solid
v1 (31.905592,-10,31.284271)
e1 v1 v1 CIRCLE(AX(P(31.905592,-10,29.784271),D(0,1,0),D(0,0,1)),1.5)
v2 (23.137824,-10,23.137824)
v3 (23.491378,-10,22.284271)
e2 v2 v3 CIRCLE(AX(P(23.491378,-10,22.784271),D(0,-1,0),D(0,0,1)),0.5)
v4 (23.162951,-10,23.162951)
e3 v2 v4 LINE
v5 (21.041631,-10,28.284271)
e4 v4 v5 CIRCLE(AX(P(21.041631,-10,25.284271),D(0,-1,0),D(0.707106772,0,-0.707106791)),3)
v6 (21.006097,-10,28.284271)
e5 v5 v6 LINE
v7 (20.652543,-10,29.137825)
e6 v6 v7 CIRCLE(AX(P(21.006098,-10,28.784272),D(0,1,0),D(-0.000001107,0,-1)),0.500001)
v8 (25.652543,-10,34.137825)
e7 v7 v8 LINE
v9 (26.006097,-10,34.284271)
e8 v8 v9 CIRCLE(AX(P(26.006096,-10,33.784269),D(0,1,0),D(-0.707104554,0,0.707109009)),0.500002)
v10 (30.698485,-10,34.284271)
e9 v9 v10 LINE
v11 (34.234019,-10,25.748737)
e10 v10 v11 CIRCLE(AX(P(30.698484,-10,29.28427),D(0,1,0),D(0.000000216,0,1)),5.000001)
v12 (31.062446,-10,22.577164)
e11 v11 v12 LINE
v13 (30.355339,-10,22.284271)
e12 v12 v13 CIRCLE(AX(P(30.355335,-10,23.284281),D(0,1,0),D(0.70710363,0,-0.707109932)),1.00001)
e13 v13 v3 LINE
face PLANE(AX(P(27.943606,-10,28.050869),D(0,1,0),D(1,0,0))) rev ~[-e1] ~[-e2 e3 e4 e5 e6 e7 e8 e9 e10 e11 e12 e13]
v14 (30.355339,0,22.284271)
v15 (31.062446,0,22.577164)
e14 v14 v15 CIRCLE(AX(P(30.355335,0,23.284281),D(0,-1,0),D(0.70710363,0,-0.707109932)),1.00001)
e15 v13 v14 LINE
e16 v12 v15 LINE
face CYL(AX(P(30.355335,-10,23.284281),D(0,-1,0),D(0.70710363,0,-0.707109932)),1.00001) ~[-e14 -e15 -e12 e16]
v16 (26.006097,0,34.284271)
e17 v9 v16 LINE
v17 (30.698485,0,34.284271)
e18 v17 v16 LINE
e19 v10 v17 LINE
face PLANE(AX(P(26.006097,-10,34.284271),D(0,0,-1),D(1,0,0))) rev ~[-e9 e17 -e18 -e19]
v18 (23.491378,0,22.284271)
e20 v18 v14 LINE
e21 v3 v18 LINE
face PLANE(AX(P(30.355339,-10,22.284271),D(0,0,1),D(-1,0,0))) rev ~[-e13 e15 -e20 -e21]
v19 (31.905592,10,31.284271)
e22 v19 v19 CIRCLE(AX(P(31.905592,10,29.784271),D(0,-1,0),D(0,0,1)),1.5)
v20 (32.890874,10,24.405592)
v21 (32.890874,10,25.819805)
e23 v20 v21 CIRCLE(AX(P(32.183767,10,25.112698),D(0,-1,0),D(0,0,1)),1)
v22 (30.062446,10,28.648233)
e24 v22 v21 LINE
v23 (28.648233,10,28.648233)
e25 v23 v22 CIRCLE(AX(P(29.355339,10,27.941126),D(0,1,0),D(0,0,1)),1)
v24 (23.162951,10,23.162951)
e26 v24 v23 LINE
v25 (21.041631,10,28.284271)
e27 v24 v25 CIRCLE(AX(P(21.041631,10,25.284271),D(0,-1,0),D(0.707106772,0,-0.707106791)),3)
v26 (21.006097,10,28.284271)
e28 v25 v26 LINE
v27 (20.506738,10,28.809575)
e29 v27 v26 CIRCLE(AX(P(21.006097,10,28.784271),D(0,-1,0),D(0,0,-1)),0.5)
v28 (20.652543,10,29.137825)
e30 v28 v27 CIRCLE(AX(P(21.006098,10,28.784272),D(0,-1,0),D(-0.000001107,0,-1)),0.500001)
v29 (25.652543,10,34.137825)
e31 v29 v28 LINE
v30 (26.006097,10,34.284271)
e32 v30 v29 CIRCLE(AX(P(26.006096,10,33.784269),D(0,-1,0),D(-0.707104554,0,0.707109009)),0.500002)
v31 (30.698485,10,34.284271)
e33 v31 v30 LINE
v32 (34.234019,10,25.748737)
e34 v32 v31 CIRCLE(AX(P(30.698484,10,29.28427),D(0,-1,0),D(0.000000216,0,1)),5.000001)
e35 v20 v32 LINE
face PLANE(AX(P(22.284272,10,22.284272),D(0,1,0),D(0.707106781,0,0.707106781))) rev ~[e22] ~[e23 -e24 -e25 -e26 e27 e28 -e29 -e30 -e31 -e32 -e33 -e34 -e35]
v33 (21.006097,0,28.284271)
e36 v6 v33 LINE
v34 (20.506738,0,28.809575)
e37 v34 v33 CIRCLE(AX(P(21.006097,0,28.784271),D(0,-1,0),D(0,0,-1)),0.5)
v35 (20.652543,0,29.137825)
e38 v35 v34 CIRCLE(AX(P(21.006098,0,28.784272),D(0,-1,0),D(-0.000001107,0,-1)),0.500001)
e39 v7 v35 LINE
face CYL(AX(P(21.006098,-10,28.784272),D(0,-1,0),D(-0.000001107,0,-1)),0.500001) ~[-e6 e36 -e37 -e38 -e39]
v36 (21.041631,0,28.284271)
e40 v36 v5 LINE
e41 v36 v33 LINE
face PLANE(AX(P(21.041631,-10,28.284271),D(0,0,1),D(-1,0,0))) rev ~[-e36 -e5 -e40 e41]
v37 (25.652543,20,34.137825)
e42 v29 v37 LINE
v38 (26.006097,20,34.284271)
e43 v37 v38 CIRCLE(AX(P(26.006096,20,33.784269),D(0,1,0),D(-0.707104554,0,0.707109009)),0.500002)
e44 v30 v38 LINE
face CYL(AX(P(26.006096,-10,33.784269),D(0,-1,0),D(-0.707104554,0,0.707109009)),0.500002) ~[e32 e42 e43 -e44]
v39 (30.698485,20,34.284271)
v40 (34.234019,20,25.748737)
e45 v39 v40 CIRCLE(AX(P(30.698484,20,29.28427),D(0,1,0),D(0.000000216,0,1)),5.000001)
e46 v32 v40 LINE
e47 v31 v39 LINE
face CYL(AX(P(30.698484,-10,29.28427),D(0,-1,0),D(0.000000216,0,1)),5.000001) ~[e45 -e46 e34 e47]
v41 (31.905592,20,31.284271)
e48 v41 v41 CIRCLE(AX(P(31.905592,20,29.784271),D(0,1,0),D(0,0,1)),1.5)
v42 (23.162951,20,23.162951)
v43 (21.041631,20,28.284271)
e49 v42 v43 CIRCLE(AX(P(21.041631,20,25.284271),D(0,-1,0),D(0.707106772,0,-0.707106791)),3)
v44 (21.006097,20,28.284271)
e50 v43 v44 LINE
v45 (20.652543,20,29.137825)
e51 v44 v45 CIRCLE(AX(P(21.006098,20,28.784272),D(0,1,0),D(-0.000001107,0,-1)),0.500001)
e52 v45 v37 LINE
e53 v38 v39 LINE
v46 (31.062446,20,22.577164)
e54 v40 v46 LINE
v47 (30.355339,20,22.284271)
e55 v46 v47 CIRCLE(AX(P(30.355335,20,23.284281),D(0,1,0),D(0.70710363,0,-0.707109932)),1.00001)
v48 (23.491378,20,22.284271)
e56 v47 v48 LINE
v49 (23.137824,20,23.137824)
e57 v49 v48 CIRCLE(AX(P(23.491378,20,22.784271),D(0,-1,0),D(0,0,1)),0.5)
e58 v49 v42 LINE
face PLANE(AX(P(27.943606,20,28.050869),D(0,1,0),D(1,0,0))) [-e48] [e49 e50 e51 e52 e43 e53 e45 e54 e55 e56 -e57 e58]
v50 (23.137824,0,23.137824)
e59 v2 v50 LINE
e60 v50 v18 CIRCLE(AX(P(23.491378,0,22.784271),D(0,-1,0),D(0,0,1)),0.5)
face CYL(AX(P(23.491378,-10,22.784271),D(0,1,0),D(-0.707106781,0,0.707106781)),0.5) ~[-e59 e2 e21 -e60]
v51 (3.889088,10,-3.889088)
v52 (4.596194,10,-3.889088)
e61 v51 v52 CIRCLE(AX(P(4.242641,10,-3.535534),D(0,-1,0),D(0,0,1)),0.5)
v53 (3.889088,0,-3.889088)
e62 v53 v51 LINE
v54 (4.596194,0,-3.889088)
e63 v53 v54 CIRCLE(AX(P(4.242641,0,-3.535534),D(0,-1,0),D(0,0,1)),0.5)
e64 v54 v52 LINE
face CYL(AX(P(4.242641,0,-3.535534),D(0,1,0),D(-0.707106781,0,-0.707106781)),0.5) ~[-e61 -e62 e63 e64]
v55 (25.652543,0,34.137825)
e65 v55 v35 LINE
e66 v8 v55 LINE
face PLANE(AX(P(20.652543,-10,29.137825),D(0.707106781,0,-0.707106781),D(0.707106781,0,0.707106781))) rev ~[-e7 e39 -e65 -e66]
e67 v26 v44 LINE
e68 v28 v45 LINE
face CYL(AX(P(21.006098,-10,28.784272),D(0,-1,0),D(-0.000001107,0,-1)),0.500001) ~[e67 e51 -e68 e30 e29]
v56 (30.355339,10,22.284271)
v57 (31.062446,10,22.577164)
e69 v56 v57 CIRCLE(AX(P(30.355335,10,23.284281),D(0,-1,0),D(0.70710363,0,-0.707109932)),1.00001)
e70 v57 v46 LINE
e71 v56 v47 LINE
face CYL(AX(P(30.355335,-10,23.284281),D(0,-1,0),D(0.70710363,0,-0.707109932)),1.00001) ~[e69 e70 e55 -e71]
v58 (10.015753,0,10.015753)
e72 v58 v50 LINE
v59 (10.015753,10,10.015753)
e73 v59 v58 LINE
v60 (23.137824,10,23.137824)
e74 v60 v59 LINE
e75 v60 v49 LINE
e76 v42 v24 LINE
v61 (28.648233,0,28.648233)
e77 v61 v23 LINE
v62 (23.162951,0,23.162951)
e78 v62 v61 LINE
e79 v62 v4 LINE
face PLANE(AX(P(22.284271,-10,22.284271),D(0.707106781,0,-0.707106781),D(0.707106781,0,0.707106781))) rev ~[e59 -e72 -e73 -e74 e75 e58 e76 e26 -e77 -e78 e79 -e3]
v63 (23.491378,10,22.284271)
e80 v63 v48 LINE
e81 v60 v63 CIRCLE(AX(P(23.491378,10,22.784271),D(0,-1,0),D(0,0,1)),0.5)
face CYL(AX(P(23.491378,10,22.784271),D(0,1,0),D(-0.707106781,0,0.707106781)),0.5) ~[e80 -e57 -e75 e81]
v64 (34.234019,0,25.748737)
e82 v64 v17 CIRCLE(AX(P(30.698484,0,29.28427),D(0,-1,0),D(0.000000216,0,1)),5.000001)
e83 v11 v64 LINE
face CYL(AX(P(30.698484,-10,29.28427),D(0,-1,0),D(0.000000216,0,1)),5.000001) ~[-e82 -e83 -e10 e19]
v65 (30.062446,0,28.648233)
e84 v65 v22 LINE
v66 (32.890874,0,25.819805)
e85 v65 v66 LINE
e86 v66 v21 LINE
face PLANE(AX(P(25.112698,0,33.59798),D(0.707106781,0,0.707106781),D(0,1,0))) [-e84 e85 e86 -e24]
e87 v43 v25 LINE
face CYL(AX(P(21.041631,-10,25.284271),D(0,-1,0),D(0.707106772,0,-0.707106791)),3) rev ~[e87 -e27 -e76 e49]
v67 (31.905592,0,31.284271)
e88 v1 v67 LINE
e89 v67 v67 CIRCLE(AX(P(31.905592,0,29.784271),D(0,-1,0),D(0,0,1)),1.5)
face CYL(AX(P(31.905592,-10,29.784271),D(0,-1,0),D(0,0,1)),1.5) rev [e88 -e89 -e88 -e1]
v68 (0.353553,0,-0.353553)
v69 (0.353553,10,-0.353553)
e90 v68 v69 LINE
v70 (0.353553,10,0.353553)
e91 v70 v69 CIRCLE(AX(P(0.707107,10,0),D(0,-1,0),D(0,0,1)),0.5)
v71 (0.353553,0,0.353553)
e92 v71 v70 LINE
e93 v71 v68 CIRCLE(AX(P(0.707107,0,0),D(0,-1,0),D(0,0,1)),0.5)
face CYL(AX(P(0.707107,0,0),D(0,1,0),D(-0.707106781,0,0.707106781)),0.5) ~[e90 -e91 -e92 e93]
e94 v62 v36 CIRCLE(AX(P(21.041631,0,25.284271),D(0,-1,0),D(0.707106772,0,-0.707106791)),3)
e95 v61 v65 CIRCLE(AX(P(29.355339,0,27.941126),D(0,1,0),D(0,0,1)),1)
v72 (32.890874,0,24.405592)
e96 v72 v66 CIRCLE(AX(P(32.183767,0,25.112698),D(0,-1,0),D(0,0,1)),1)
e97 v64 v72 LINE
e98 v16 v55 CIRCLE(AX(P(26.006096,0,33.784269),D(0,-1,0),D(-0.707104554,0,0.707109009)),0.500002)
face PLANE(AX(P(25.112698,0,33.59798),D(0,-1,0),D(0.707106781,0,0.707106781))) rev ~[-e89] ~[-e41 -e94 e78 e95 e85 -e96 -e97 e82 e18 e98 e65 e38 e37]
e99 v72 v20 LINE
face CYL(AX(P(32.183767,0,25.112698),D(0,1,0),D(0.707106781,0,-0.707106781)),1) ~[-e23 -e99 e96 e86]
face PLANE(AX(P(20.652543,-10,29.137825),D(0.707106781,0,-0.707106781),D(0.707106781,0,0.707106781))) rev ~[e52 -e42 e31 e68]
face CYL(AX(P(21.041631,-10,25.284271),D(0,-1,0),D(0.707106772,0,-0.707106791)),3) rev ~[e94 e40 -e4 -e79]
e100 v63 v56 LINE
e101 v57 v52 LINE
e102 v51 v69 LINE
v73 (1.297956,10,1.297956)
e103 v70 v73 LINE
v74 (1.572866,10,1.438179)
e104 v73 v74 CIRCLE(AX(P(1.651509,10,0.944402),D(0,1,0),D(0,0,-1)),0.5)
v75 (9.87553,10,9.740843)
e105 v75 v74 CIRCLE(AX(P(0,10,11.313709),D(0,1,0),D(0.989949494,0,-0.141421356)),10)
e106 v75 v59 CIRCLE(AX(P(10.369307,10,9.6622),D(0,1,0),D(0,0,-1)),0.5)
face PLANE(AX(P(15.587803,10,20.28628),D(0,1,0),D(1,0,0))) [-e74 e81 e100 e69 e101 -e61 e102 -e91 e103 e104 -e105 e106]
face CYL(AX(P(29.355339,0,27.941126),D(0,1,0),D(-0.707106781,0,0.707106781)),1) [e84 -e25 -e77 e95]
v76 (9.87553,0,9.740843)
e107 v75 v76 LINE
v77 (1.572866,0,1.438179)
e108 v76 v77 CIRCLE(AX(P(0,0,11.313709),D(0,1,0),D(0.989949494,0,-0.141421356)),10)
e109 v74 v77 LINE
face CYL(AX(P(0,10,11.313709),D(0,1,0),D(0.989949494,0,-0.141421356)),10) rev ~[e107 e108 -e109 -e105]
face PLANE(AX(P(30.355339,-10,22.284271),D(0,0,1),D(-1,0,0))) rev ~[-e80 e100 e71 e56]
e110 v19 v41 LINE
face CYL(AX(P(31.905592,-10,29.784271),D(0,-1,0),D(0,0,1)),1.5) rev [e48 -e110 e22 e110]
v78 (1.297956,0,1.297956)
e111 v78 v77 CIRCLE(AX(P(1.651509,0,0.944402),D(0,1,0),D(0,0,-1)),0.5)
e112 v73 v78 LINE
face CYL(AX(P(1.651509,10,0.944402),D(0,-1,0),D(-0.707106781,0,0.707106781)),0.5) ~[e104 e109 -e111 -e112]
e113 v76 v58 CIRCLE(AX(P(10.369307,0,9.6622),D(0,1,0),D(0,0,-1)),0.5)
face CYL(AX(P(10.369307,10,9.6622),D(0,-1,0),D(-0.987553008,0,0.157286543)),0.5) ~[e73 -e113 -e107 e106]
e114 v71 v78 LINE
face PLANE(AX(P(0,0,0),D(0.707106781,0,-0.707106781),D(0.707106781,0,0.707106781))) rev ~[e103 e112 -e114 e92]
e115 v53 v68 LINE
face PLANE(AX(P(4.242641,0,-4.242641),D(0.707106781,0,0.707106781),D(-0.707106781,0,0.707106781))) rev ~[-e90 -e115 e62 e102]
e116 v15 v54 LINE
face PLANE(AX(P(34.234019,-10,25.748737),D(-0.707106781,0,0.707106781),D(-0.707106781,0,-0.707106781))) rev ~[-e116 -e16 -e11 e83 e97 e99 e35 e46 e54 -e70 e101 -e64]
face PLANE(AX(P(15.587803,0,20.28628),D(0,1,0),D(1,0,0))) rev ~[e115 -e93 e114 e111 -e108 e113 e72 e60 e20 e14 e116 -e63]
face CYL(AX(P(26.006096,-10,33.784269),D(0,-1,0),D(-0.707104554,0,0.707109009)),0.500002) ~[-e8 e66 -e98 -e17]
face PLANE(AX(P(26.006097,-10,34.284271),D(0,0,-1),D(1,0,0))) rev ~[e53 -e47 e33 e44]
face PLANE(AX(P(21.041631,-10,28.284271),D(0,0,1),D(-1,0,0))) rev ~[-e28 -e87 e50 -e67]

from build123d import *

# Parameters (mm, degrees)
SKETCH1_R                = 1.6
BOSS_EXTRUDE1_DEPTH      = 10
CUT_EXTRUDE1_DEPTH       = 51.495476
FILLET1_R                = 0.5
BOSS_EXTRUDE2_DEPTH      = 10
BOSS_EXTRUDE2_DEPTH_BACK = 20
SKETCH3_R                = 1.5
SKETCH4_W                = 10
SKETCH4_H                = 10
CUT_EXTRUDE3_DEPTH       = 54.383453
SKETCH5_W                = 8.66368
SKETCH5_H                = 10
CUT_EXTRUDE5_DEPTH       = 54.831153
FILLET3_R                = 0.5
FILLET4_R                = 1


with BuildPart() as part:
    # Sketch1 → Boss-Extrude1 (new body)
    with BuildSketch(Plane(origin=(0, 0, 0), x_dir=(1, 0, 0), z_dir=(0, 1, 0))):
        with BuildLine():
            Line((0, 0), (23.162951, -23.162951))
            ThreePointArc((23.162951, -23.162951), (23.813269, -26.432322), (21.041631, -28.284271))
            Line((21.041631, -28.284271), (0, -28.284271))
            Line((0, -28.284271), (0, -34.284271))
            Line((0, -34.284271), (30.698485, -34.284271))
            ThreePointArc((30.698485, -34.284271), (35.317882, -31.197688), (34.234019, -25.748737))
            Line((34.234019, -25.748737), (4.242641, 4.242641))
            Line((4.242641, 4.242641), (0, 0))
        make_face()
        with Locations(Location((31.905592, -29.784271, 0), (0, 0, 270))):
            Circle(SKETCH1_R, mode=Mode.SUBTRACT)
    extrude(amount=BOSS_EXTRUDE1_DEPTH)

    # Sketch2 → Cut-Extrude1 (cut, through all)
    with BuildSketch(Plane(origin=(0, 10, 0), x_dir=(1, 0, 0), z_dir=(0, 1, 0))):
        with BuildLine():
            Line((1.414214, -1.414214), (9.899495, -9.899495))
            ThreePointArc((9.899495, -9.899495), (7.071068, -4.242641), (1.414214, -1.414214))
        make_face()
        Polygon((0, -28.284271), (0, -34.284271), (25.79899, -34.284271), (19.79899, -28.284271), align=None)
    extrude(amount=-CUT_EXTRUDE1_DEPTH, mode=Mode.SUBTRACT)

    # Fillet1
    fillet1_edges = [part.edges().sort_by_distance(p)[0] for p in [
        (4.242641, 5, -4.242641),
        (0, 5, 0),
        (19.79899, 5, 28.284271),
        (25.79899, 5, 34.284271),
        (1.414214, 5, 1.414214),
        (9.899495, 5, 9.899495),
    ]]
    fillet(fillet1_edges, radius=FILLET1_R)

    # Sketch3 → Boss-Extrude2 (add, two sides: drawn at the far end of the back side and taken through both)
    with BuildSketch(Plane(origin=(0, 10, 0), x_dir=(1, 0, 0), z_dir=(0, 1, 0)).offset(-BOSS_EXTRUDE2_DEPTH_BACK)):
        with BuildLine():
            Line((20.652543, -29.137825), (25.652543, -34.137825))
            ThreePointArc((25.652543, -34.137825), (25.814755, -34.246211), (26.006097, -34.284271))
            Line((26.006097, -34.284271), (30.698485, -34.284271))
            ThreePointArc((30.698485, -34.284271), (35.317882, -31.197688), (34.234019, -25.748737))
            Line((34.234019, -25.748737), (31.062446, -22.577164))
            ThreePointArc((31.062446, -22.577164), (30.738022, -22.360392), (30.355339, -22.284271))
            Line((30.355339, -22.284271), (22.284271, -22.284271))
            Line((22.284271, -22.284271), (23.162951, -23.162951))
            ThreePointArc((23.162951, -23.162951), (23.813269, -26.432322), (21.041631, -28.284271))
            Line((21.041631, -28.284271), (21.006097, -28.284271))
            ThreePointArc((21.006097, -28.284271), (20.544157, -28.59293), (20.652543, -29.137825))
        make_face()
        with Locations(Location((31.905592, -29.784271, 0), (0, 0, 270))):
            Circle(SKETCH3_R, mode=Mode.SUBTRACT)
    extrude(amount=BOSS_EXTRUDE2_DEPTH + BOSS_EXTRUDE2_DEPTH_BACK)

    # Sketch4 → Cut-Extrude3 (cut, through all)
    with BuildSketch(Plane(origin=(0, 0, 0), x_dir=(0.7071067811865515, 0, 0.7071067811865437), z_dir=(-0.7071067811865437, 0, 0.7071067811865515))):
        with Locations((36.514719, 5)):
            Rectangle(SKETCH4_W, SKETCH4_H)
    extrude(amount=CUT_EXTRUDE3_DEPTH, mode=Mode.SUBTRACT)

    # Sketch5 → Cut-Extrude5 (cut, through all)
    with BuildSketch(Plane(origin=(-4.242641, 0, 4.242641), x_dir=(0.7071067811865476, 0, 0.7071067811865476), z_dir=(-0.7071067811865476, 0, 0.7071067811865476))):
        with Locations((45.846559, 5)):
            Rectangle(SKETCH5_W, SKETCH5_H)
    extrude(amount=-CUT_EXTRUDE5_DEPTH, mode=Mode.SUBTRACT)

    # Fillet3
    fillet3_edges = [part.edges().sort_by_distance(p)[0] for p in [
        (22.284271, -5, 22.284271),
        (22.284271, 15, 22.284271),
    ]]
    fillet(fillet3_edges, radius=FILLET3_R)

    # Fillet4
    fillet4_edges = [part.edges().sort_by_distance(p)[0] for p in [
        (29.355339, 5, 29.355339),
        (33.59798, 5, 25.112698),
    ]]
    fillet(fillet4_edges, radius=FILLET4_R)


solid = part.part
